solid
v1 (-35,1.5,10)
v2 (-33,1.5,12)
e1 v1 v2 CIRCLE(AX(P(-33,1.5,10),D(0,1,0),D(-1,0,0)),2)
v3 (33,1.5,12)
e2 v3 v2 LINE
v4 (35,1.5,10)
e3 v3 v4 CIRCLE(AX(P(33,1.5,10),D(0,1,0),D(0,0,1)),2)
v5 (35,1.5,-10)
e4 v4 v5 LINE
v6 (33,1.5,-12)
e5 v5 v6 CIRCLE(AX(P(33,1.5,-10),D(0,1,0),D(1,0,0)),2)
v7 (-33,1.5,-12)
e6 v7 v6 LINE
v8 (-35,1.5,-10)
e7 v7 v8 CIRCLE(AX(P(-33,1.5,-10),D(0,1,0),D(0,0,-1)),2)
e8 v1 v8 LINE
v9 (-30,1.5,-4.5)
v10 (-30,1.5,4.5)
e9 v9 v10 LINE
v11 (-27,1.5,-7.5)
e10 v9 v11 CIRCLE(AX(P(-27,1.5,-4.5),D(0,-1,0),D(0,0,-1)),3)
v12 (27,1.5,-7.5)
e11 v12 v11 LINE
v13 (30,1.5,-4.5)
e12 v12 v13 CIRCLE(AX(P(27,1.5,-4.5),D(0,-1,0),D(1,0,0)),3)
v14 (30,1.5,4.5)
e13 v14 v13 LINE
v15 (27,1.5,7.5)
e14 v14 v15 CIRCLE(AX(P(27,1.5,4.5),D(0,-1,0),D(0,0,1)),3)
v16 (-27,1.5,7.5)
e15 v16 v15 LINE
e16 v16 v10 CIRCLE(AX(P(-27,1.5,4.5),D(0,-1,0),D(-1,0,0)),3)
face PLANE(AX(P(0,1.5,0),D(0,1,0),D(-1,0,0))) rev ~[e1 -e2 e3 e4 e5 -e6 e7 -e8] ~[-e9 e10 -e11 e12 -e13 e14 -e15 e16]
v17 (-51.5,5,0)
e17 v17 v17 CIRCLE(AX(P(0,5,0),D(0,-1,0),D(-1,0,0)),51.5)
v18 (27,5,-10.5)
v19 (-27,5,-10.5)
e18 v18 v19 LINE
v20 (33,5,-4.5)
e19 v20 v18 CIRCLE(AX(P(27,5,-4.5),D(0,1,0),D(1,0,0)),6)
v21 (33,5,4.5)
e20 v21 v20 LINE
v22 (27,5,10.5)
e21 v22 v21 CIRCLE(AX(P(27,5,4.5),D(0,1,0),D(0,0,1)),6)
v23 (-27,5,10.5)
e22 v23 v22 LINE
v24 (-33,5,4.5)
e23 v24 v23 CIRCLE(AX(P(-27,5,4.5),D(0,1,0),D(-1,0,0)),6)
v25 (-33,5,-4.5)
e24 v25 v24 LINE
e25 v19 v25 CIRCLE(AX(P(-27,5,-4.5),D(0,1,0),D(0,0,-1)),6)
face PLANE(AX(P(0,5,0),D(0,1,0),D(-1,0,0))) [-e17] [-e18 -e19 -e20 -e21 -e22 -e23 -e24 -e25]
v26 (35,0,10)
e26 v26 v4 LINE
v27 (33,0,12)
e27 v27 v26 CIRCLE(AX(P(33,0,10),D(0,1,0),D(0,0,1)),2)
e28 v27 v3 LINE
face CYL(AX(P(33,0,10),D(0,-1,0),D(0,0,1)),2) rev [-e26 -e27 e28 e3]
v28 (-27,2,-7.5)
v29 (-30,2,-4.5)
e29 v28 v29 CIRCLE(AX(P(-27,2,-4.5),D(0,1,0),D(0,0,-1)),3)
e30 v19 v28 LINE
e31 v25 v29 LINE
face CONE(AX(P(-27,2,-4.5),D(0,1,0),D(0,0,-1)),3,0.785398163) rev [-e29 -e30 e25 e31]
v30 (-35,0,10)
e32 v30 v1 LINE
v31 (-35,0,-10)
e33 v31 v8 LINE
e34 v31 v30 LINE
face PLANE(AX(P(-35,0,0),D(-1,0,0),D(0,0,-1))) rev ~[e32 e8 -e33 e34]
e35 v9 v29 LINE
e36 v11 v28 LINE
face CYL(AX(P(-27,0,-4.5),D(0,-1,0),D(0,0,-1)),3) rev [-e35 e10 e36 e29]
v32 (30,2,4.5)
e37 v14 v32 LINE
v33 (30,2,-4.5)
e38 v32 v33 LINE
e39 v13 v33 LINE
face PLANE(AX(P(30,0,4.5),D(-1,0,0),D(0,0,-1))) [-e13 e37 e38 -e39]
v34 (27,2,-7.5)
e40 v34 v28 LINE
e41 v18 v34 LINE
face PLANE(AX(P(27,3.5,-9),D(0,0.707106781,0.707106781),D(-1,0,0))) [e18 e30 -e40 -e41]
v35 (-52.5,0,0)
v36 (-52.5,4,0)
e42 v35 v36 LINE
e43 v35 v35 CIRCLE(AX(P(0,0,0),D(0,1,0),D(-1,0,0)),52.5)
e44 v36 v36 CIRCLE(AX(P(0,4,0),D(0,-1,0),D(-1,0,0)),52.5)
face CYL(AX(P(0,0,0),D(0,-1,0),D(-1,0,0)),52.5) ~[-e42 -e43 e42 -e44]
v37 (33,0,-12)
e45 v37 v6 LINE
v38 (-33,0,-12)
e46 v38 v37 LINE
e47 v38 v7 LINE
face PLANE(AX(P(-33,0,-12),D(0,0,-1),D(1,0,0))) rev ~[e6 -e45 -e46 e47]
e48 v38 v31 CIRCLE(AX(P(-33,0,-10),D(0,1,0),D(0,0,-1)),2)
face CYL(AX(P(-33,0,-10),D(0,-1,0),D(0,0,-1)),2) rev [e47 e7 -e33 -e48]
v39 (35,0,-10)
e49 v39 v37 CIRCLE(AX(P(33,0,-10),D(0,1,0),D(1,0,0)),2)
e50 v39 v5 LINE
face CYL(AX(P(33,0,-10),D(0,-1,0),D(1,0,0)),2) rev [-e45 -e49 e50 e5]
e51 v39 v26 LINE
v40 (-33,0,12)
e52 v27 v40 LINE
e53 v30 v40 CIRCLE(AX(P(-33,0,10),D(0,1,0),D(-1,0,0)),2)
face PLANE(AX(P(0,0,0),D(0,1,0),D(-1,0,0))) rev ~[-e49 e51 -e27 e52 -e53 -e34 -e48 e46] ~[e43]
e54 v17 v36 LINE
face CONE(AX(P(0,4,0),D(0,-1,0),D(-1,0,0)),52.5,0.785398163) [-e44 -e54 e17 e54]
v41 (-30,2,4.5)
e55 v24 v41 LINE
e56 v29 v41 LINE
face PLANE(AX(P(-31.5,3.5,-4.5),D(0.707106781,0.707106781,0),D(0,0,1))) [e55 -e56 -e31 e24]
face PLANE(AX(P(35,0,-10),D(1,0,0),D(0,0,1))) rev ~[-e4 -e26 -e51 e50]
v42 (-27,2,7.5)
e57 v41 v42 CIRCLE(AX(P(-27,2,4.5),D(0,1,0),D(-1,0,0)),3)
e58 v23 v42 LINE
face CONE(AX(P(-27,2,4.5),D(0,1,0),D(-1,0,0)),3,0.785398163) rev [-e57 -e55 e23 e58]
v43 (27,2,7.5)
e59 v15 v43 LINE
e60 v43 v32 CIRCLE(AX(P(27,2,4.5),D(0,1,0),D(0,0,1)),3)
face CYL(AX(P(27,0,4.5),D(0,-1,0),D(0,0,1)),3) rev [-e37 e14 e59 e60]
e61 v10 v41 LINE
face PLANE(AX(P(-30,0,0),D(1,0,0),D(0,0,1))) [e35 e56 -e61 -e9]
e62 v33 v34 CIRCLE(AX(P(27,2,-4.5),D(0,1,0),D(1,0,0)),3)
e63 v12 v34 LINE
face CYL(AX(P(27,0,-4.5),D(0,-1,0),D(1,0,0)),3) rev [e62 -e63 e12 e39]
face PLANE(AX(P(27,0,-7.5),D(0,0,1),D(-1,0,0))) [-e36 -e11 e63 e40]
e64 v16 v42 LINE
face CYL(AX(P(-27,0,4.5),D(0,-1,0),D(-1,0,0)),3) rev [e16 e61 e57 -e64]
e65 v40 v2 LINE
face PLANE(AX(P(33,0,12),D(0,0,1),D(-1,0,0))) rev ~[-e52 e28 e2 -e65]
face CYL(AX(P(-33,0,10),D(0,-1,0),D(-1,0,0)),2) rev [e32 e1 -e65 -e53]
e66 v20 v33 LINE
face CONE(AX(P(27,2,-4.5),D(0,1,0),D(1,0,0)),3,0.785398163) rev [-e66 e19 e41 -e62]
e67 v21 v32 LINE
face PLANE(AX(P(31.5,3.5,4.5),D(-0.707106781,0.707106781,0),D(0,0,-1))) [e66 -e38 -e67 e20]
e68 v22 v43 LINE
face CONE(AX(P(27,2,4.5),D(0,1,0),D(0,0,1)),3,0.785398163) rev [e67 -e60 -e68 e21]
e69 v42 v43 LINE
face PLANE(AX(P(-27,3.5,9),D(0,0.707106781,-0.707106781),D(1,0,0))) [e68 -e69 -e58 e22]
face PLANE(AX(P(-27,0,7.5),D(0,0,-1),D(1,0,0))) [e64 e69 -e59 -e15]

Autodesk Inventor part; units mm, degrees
ref_plane "YZ Plane" through (0, 0, 0) normal (1, 0, 0) x (0, 1, 0)
ref_plane "XZ Plane" through (0, 0, 0) normal (0, 1, 0) x (-1, 0, 0)
sketch "Эскиз1" plane through (0, 0, 0) normal (0, 1, 0) x (-1, 0, 0)
  circle A0 centre (0, 0) radius 52.5
  line L0 (89.6506, 0) -> (-102.8587, 0)
  line L1 (-27, -7.5) -> (27, -7.5)
  line L2 (30, -4.5) -> (30, 4.5)
  line L3 (27, 7.5) -> (-27, 7.5)
  line L4 (-30, 4.5) -> (-30, -4.5)
  line L5 (-30, -7.5) -> (30, 7.5) construction
  line L6 (30, -7.5) -> (-30, 7.5) construction
  arc A1 (30, 4.5) -> (27, 7.5) centre (27, 4.5) ccw
  arc A2 (27, -7.5) -> (30, -4.5) centre (27, -4.5) ccw
  arc A3 (-27, 7.5) -> (-30, 4.5) centre (-27, 4.5) ccw
  arc A4 (-30, -4.5) -> (-27, -7.5) centre (-27, -4.5) ccw
  line L7 (33, -12) -> (-33, -12)
  line L8 (-35, -10) -> (-35, 10)
  line L9 (-33, 12) -> (33, 12)
  line L10 (35, 10) -> (35, -10)
  line L11 (35, -12) -> (-32.3514, 11.0919) construction
  line L12 (-35, -12) -> (35, 12) construction
  arc A5 (-33, 12) -> (-35, 10) centre (-33, 10) ccw
  arc A6 (-35, -10) -> (-33, -12) centre (-33, -10) ccw
  arc A7 (33, -12) -> (35, -10) centre (33, -10) ccw
  arc A8 (35, 10) -> (33, 12) centre (33, 10) ccw
  point P0 (-35, 12)
  dimension "d0" = 105
  dimension "d1" = 60
  dimension "d2" = 15
  dimension "d3" = 3
  dimension "d4" = 3
  dimension "d13" = 70
  dimension "d14" = 24
  dimension "d15" = 2
extrude "Выдавливание1" add sketch "Эскиз1" along normal blind 5 contours L0 L10 A8 L9 A5 L8 A0 | A0 L0 L8 A6 L7 A7 L10 | L10 A7 L7 A6 L8 L0 L4 A4 L1 A2 L2 | L0 L2 A1 L3 A3 L4 L8 A5 L9 A8 L10
chamfer "Фаска1" distance 3 angle 45 8 edges at (0, 5, 7.5) (-29.1213, 5, 6.6213) (-30, 5, 0) (-29.1213, 5, -6.6213) (0, 5, -7.5) (29.1213, 5, -6.6213) (30, 5, 0) (29.1213, 5, 6.6213)
chamfer "Фаска2" distance 1 angle 45 1 edges at (52.5, 5, 0)
extrude "Выдавливание2" cut sketch "Эскиз1" along normal blind 1.5 contours L10 A7 L7 A6 L8 L0 L4 A4 L1 A2 L2 | L0 L2 A1 L3 A3 L4 L8 A5 L9 A8 L10 | L2 A2 L1 A4 L4 L0 | L0 L4 A3 L3 A1 L2
ref_plane "РабПлоскость1" through (0, 2.5, 0) normal (0, -1, 0) x (1, 0, 0)
properties part number "фланец2" material "Термопластическая смола"
